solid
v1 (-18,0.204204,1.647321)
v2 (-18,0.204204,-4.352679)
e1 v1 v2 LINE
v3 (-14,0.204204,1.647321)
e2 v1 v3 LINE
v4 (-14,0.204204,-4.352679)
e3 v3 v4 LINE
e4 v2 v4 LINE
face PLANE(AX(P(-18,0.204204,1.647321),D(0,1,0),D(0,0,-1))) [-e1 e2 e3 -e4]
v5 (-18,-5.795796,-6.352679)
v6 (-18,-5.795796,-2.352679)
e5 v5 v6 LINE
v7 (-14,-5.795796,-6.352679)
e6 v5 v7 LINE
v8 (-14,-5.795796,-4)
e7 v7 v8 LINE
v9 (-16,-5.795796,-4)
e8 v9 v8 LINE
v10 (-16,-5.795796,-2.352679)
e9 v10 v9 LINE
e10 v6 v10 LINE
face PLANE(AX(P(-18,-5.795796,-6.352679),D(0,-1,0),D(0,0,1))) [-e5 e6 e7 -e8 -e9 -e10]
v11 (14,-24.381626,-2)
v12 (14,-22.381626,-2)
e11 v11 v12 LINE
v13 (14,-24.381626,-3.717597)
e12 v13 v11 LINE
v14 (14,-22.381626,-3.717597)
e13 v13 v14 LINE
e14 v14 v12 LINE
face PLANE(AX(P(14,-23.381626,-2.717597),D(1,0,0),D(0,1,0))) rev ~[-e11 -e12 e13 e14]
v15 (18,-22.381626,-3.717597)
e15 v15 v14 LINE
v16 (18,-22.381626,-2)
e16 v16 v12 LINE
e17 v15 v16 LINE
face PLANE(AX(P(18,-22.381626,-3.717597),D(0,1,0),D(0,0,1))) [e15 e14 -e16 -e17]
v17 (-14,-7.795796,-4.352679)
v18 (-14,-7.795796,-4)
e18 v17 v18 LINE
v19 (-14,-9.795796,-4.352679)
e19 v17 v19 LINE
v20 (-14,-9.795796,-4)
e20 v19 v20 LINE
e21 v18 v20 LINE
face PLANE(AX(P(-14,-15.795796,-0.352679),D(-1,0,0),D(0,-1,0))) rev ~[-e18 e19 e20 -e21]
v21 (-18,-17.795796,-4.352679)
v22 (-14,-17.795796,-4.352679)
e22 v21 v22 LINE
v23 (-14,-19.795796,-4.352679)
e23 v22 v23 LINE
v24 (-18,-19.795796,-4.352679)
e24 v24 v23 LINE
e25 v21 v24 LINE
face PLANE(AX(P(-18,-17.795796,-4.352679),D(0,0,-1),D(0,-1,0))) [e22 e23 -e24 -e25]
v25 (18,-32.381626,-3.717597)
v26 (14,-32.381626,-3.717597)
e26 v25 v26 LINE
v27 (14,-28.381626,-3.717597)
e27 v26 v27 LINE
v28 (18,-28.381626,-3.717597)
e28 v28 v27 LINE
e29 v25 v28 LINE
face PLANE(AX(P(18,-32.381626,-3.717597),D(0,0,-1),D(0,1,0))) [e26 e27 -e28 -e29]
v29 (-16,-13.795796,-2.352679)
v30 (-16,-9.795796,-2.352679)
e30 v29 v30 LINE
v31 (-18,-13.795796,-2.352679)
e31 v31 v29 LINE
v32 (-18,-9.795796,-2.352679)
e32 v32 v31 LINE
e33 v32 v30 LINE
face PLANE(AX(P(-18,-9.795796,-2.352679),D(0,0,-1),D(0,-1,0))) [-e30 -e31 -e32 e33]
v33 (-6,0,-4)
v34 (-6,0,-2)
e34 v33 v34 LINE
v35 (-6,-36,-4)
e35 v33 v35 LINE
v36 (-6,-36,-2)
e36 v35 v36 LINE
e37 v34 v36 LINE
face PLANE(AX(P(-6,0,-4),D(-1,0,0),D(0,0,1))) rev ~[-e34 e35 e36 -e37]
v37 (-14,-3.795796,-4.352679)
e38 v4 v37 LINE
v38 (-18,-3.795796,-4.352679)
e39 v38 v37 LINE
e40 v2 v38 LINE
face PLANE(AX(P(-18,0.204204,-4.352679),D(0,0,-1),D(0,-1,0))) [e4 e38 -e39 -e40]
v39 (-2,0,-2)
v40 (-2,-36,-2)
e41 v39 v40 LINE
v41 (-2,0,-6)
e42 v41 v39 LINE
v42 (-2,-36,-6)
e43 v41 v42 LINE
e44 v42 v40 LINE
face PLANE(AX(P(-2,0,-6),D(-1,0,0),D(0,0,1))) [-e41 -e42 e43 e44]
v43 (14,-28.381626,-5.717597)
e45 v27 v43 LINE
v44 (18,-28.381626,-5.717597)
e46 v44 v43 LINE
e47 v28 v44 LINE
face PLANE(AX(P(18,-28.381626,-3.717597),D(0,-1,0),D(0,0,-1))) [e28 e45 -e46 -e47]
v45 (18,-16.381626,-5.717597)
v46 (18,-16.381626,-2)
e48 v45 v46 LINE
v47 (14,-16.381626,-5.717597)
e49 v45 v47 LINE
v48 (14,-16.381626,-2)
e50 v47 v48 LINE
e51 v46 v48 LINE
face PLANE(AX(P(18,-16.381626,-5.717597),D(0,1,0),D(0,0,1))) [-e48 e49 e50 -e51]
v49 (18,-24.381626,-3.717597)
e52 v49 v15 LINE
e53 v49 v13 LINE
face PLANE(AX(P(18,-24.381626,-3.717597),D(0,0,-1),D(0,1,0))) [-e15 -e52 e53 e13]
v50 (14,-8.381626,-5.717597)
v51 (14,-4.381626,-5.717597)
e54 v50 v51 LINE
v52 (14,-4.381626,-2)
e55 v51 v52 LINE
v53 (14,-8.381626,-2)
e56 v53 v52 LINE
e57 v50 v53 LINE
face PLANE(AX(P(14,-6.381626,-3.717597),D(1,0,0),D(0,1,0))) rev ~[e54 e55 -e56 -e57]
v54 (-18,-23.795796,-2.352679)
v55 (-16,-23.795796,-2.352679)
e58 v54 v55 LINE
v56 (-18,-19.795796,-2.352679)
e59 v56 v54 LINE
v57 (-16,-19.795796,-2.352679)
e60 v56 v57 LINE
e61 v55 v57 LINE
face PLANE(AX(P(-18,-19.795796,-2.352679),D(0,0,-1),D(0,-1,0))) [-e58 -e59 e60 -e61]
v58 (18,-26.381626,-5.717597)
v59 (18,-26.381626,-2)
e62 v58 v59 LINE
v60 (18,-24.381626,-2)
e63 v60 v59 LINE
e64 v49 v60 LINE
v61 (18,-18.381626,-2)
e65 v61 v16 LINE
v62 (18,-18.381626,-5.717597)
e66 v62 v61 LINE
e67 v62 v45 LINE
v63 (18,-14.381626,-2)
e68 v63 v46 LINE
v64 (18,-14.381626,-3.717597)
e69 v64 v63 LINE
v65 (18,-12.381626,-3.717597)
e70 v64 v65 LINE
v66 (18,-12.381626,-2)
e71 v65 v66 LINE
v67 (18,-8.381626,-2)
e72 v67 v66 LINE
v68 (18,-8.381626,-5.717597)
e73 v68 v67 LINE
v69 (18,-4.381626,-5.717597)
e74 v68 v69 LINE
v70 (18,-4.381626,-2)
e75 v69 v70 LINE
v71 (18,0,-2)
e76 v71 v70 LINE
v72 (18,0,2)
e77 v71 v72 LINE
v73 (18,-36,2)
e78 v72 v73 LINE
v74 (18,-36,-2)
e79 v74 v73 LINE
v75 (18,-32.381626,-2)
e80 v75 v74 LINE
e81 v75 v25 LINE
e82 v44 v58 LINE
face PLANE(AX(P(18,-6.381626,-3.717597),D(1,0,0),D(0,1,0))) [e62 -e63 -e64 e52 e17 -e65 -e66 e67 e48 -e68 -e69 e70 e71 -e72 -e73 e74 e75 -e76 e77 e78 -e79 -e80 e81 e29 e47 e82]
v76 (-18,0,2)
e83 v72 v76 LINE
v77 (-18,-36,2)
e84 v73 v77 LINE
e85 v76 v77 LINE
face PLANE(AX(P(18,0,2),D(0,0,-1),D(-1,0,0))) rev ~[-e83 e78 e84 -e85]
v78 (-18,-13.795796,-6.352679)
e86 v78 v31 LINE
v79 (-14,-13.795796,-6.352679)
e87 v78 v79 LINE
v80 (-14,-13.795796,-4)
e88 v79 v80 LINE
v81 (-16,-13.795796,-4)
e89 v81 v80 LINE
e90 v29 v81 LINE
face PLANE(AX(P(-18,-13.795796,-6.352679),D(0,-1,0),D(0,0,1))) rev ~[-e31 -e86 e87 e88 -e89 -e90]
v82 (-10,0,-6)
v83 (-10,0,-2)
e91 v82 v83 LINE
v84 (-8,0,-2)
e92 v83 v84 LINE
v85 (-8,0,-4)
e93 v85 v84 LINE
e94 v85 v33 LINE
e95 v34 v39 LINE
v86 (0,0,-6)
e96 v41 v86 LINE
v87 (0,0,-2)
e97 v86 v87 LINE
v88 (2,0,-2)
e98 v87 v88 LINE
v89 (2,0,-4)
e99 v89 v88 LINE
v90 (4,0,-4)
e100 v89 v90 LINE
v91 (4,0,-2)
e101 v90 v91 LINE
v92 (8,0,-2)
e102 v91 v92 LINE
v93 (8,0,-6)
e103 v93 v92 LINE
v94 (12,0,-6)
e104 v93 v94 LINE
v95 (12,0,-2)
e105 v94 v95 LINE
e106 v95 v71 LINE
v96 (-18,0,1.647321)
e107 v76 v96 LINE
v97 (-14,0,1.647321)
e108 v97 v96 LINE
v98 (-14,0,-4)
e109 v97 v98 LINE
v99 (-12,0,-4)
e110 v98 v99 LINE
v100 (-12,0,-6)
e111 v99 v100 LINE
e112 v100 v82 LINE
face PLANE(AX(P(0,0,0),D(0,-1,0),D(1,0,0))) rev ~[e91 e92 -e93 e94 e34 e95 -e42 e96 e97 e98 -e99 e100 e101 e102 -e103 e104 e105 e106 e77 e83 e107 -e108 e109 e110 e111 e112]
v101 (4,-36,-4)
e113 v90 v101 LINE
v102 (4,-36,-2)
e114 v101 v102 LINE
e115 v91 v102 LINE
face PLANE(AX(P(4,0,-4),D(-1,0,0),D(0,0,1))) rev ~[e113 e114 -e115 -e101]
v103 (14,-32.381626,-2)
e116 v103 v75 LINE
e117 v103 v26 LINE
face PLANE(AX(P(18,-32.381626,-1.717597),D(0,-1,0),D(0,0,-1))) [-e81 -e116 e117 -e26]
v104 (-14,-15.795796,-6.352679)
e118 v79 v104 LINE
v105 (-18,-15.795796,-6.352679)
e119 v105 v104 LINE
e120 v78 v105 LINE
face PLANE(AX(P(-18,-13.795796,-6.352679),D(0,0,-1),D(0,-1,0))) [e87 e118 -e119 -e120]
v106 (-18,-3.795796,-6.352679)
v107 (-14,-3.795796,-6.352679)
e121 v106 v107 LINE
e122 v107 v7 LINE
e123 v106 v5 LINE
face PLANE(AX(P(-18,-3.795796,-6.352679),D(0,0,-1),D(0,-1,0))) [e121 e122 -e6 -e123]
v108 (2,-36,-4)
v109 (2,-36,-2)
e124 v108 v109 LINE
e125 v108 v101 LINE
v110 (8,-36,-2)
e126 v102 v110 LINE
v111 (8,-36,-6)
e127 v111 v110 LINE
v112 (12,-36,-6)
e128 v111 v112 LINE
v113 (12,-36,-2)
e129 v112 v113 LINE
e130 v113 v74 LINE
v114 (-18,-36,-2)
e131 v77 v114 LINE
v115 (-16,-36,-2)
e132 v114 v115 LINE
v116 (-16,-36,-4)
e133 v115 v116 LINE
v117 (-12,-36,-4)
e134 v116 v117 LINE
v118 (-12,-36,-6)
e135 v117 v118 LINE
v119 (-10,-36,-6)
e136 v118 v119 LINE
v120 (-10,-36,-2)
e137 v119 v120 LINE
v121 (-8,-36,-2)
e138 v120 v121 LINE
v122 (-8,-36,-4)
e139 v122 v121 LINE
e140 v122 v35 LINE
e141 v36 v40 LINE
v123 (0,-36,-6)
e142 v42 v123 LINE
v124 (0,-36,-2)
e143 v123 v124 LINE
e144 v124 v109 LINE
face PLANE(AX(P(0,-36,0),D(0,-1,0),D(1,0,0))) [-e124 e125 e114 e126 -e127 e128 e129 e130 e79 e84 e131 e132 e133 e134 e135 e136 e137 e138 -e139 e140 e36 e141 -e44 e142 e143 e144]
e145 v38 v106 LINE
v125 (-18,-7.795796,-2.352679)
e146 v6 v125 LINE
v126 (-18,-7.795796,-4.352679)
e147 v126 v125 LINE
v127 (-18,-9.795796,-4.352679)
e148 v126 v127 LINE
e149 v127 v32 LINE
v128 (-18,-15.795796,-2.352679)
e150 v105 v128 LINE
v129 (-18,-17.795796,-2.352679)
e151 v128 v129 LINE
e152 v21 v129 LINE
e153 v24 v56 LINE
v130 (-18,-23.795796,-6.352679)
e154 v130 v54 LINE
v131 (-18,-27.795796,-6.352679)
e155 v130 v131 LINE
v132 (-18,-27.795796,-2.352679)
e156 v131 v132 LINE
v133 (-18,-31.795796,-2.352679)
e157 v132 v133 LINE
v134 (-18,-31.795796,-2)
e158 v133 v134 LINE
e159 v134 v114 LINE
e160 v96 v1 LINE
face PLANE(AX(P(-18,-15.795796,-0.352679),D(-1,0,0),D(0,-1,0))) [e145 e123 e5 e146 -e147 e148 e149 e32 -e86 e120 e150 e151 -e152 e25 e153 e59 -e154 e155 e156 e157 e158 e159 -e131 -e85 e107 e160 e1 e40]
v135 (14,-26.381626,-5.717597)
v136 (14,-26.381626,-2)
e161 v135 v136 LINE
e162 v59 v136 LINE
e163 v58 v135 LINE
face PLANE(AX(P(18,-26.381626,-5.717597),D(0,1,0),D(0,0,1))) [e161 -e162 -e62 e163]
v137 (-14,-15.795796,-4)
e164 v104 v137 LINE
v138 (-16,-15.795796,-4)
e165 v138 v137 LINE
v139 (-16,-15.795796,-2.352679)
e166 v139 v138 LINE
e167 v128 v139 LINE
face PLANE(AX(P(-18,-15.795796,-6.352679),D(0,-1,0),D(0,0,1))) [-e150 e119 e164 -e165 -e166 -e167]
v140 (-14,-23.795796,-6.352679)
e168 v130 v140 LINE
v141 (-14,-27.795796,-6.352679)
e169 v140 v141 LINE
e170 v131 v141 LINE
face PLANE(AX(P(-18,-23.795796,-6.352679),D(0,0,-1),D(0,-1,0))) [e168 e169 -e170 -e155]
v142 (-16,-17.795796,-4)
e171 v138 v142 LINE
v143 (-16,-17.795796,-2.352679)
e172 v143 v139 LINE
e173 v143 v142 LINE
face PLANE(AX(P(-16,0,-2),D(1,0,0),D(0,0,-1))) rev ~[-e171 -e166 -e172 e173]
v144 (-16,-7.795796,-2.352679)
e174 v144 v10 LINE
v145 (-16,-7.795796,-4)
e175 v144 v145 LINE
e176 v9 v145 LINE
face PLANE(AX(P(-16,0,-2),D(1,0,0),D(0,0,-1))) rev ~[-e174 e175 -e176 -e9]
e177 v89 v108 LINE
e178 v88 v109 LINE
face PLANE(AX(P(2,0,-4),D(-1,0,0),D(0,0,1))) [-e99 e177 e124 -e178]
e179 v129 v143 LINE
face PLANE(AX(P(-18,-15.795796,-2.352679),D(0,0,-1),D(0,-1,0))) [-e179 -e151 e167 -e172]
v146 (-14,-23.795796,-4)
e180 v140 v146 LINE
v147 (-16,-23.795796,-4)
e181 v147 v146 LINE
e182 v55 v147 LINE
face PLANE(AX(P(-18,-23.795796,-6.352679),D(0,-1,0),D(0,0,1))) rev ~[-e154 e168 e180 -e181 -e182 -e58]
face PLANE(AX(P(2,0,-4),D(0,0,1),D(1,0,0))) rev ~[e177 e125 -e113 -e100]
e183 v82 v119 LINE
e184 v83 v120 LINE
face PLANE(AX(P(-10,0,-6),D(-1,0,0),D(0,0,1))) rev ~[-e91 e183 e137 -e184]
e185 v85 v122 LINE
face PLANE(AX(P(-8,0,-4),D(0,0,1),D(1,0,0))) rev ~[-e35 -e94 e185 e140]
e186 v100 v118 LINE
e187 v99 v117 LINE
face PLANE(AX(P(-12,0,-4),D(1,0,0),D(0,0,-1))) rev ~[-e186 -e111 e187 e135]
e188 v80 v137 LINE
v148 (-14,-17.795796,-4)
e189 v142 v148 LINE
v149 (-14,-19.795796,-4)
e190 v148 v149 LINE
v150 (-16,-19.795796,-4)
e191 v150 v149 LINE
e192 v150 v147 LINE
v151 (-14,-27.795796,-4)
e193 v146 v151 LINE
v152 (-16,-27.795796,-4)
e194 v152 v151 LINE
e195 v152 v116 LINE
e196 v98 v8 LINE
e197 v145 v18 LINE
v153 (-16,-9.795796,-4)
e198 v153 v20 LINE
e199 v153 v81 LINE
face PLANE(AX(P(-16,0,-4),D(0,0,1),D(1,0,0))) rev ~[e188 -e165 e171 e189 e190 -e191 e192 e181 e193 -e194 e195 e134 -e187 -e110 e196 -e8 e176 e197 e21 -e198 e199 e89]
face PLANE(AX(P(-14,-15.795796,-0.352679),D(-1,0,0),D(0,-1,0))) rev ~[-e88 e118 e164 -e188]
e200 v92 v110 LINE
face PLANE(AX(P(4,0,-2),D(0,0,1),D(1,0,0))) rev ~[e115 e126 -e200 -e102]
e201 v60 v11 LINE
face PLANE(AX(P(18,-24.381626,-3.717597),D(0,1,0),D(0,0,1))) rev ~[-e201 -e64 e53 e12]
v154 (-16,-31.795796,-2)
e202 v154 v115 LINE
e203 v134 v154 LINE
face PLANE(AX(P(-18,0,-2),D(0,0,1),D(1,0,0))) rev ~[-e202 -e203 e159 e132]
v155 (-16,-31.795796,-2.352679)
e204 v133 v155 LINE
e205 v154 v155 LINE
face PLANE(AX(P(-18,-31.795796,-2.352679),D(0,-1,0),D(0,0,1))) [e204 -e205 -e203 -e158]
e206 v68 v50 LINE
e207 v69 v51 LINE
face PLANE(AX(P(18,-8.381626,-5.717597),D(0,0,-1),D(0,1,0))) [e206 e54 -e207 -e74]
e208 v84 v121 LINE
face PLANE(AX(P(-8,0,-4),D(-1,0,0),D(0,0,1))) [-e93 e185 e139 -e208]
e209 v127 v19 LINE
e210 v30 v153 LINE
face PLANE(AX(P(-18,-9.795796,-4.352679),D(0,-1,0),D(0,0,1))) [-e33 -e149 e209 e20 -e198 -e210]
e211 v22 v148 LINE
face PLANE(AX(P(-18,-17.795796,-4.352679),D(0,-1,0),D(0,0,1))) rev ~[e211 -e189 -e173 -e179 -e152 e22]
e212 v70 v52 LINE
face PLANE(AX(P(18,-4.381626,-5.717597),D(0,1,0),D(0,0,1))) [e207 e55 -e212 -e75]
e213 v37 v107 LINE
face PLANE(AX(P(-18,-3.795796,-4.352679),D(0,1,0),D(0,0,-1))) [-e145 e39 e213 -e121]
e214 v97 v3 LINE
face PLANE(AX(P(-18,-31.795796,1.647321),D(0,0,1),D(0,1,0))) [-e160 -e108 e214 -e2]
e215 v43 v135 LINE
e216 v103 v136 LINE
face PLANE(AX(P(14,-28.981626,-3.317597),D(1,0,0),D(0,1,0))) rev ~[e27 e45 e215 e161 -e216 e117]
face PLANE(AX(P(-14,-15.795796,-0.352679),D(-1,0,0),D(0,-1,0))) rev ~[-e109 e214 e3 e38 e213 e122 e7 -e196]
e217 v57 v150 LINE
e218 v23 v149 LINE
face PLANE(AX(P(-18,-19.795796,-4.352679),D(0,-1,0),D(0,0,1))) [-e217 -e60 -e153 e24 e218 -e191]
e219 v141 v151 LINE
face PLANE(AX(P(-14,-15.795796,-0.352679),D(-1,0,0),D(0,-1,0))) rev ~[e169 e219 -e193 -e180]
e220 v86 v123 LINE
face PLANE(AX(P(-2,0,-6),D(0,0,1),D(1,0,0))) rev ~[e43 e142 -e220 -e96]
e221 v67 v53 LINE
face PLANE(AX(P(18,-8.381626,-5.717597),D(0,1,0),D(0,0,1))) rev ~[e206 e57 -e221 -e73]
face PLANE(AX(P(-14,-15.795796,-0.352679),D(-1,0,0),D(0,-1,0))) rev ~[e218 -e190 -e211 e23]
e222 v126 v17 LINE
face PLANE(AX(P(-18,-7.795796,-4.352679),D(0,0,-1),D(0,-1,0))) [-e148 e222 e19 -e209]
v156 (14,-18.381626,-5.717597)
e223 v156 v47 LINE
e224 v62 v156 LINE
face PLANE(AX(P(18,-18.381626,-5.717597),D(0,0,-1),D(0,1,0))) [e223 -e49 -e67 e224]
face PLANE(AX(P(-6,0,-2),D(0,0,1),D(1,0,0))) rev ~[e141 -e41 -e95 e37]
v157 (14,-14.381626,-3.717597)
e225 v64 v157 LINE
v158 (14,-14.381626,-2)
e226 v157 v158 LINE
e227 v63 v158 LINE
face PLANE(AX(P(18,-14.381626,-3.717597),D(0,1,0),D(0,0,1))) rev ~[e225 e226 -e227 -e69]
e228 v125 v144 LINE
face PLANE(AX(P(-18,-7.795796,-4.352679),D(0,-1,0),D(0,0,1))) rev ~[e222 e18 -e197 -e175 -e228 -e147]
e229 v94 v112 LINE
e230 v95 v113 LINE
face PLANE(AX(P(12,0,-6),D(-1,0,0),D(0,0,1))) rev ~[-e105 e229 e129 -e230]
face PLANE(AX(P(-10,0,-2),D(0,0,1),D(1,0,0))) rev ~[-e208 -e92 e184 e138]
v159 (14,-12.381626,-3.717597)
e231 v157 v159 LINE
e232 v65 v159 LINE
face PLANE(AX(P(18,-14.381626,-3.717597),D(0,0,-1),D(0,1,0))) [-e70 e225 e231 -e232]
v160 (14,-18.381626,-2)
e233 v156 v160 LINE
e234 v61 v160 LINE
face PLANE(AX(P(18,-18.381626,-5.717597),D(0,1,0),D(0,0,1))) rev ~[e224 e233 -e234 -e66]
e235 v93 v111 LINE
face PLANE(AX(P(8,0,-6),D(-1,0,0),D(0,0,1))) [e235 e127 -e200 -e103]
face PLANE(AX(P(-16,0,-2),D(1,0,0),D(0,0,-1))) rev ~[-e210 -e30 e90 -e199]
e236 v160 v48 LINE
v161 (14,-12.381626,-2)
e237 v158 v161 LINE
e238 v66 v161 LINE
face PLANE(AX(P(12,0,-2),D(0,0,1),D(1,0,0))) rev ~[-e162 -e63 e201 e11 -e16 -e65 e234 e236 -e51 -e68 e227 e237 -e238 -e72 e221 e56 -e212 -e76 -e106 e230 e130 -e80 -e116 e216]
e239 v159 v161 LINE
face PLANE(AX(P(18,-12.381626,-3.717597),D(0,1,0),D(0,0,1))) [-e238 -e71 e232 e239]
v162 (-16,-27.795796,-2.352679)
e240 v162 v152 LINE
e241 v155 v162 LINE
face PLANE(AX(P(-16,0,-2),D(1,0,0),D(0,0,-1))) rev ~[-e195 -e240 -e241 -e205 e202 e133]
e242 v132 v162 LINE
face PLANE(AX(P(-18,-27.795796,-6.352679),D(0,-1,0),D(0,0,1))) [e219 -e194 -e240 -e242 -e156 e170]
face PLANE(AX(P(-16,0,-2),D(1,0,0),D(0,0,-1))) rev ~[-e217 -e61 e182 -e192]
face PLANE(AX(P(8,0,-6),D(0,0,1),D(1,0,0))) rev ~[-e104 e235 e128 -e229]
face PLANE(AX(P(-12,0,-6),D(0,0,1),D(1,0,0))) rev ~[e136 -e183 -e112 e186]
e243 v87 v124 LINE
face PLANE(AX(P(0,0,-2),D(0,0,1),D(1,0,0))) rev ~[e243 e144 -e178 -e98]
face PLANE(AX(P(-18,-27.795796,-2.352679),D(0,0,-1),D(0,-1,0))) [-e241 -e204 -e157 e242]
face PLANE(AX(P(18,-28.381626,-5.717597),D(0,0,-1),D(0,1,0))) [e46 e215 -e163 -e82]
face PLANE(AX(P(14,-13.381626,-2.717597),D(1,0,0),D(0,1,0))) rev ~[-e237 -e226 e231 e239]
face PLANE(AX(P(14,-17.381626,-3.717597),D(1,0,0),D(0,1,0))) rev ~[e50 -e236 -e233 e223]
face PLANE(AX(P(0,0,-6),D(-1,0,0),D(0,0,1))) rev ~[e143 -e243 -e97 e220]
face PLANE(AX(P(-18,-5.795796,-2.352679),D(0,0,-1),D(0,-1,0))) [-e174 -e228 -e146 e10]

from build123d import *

# Parameters (mm, degrees)
F0_W     = 4
F0_H     = 4
F0_W_2   = 2
F0_H_2   = 2
F1_DEPTH = 36
F2_W     = 4
F2_H     = 4
F2_W_2   = 2
F2_H_2   = 2
F3_DEPTH = 4
F4_W     = 4
F4_H     = 4
F4_W_2   = 2
F4_H_2   = 2
F5_DEPTH = 4


with BuildPart() as f1:
    # F0 (on Front) → F1 (new body)
    with BuildSketch(Plane.XZ):
        Polygon((16, -2), (18, -2), (18, 2), (-18, 2), (-18, -2), (-16, -2), (-10, -2), (-8, -2), (-6, -2), (-2, -2), (0, -2), (2, -2), (4, -2), (8, -2), (12, -2), align=None)
        with Locations((10, -4)):
            Rectangle(F0_W, F0_H)
        with Locations((3, -3)):
            Rectangle(F0_W_2, F0_H_2)
        Polygon((-10, -2), (-16, -2), (-16, -4), (-12, -4), (-12, -6), (-10, -6), align=None)
        with Locations((-1, -4)):
            Rectangle(F0_W_2, F0_H)
        with Locations((-7, -3)):
            Rectangle(F0_W_2, F0_H_2)
    extrude(amount=F1_DEPTH)

    # F2 (on face) → F3 (join)
    with BuildSketch(Plane.YZ.offset(18)):
        with Locations((-6.381626, -3.717597)):
            Rectangle(F2_W, F2_H)
        Polygon((-26.381626, -5.717597), (-26.381626, -1.717597), (-32.381626, -1.717597), (-32.381626, -3.717597), (-28.381626, -3.717597), (-28.381626, -5.717597), align=None)
        with Locations((-23.381626, -2.717597)):
            Rectangle(F2_W_2, F2_H_2)
        with Locations((-17.381626, -3.717597)):
            Rectangle(F2_W_2, F2_H)
        with Locations((-13.381626, -2.717597)):
            Rectangle(F2_W_2, F2_H_2)
    extrude(amount=-F3_DEPTH)

    # F4 (on face) → F5 (join)
    with BuildSketch(Plane(origin=(-18, 0, 0), x_dir=(0, -1, 0), z_dir=(-1, 0, 0))):
        Polygon((27.795796, -2.352679), (31.795796, -2.352679), (31.795796, 1.647321), (-0.204204, 1.647321), (-0.204204, -2.352679), (5.795796, -2.352679), (7.795796, -2.352679), (9.795796, -2.352679), (13.795796, -2.352679), (15.795796, -2.352679), (17.795796, -2.352679), (19.795796, -2.352679), (23.795796, -2.352679), align=None)
        with Locations((25.795796, -4.352679)):
            Rectangle(F4_W, F4_H)
        with Locations((18.795796, -3.352679)):
            Rectangle(F4_W_2, F4_H_2)
        Polygon((5.795796, -2.352679), (-0.204204, -2.352679), (-0.204204, -4.352679), (3.795796, -4.352679), (3.795796, -6.352679), (5.795796, -6.352679), align=None)
        with Locations((14.795796, -4.352679)):
            Rectangle(F4_W_2, F4_H)
        with Locations((8.795796, -3.352679)):
            Rectangle(F4_W_2, F4_H_2)
    extrude(amount=-F5_DEPTH)


solid = f1.part
